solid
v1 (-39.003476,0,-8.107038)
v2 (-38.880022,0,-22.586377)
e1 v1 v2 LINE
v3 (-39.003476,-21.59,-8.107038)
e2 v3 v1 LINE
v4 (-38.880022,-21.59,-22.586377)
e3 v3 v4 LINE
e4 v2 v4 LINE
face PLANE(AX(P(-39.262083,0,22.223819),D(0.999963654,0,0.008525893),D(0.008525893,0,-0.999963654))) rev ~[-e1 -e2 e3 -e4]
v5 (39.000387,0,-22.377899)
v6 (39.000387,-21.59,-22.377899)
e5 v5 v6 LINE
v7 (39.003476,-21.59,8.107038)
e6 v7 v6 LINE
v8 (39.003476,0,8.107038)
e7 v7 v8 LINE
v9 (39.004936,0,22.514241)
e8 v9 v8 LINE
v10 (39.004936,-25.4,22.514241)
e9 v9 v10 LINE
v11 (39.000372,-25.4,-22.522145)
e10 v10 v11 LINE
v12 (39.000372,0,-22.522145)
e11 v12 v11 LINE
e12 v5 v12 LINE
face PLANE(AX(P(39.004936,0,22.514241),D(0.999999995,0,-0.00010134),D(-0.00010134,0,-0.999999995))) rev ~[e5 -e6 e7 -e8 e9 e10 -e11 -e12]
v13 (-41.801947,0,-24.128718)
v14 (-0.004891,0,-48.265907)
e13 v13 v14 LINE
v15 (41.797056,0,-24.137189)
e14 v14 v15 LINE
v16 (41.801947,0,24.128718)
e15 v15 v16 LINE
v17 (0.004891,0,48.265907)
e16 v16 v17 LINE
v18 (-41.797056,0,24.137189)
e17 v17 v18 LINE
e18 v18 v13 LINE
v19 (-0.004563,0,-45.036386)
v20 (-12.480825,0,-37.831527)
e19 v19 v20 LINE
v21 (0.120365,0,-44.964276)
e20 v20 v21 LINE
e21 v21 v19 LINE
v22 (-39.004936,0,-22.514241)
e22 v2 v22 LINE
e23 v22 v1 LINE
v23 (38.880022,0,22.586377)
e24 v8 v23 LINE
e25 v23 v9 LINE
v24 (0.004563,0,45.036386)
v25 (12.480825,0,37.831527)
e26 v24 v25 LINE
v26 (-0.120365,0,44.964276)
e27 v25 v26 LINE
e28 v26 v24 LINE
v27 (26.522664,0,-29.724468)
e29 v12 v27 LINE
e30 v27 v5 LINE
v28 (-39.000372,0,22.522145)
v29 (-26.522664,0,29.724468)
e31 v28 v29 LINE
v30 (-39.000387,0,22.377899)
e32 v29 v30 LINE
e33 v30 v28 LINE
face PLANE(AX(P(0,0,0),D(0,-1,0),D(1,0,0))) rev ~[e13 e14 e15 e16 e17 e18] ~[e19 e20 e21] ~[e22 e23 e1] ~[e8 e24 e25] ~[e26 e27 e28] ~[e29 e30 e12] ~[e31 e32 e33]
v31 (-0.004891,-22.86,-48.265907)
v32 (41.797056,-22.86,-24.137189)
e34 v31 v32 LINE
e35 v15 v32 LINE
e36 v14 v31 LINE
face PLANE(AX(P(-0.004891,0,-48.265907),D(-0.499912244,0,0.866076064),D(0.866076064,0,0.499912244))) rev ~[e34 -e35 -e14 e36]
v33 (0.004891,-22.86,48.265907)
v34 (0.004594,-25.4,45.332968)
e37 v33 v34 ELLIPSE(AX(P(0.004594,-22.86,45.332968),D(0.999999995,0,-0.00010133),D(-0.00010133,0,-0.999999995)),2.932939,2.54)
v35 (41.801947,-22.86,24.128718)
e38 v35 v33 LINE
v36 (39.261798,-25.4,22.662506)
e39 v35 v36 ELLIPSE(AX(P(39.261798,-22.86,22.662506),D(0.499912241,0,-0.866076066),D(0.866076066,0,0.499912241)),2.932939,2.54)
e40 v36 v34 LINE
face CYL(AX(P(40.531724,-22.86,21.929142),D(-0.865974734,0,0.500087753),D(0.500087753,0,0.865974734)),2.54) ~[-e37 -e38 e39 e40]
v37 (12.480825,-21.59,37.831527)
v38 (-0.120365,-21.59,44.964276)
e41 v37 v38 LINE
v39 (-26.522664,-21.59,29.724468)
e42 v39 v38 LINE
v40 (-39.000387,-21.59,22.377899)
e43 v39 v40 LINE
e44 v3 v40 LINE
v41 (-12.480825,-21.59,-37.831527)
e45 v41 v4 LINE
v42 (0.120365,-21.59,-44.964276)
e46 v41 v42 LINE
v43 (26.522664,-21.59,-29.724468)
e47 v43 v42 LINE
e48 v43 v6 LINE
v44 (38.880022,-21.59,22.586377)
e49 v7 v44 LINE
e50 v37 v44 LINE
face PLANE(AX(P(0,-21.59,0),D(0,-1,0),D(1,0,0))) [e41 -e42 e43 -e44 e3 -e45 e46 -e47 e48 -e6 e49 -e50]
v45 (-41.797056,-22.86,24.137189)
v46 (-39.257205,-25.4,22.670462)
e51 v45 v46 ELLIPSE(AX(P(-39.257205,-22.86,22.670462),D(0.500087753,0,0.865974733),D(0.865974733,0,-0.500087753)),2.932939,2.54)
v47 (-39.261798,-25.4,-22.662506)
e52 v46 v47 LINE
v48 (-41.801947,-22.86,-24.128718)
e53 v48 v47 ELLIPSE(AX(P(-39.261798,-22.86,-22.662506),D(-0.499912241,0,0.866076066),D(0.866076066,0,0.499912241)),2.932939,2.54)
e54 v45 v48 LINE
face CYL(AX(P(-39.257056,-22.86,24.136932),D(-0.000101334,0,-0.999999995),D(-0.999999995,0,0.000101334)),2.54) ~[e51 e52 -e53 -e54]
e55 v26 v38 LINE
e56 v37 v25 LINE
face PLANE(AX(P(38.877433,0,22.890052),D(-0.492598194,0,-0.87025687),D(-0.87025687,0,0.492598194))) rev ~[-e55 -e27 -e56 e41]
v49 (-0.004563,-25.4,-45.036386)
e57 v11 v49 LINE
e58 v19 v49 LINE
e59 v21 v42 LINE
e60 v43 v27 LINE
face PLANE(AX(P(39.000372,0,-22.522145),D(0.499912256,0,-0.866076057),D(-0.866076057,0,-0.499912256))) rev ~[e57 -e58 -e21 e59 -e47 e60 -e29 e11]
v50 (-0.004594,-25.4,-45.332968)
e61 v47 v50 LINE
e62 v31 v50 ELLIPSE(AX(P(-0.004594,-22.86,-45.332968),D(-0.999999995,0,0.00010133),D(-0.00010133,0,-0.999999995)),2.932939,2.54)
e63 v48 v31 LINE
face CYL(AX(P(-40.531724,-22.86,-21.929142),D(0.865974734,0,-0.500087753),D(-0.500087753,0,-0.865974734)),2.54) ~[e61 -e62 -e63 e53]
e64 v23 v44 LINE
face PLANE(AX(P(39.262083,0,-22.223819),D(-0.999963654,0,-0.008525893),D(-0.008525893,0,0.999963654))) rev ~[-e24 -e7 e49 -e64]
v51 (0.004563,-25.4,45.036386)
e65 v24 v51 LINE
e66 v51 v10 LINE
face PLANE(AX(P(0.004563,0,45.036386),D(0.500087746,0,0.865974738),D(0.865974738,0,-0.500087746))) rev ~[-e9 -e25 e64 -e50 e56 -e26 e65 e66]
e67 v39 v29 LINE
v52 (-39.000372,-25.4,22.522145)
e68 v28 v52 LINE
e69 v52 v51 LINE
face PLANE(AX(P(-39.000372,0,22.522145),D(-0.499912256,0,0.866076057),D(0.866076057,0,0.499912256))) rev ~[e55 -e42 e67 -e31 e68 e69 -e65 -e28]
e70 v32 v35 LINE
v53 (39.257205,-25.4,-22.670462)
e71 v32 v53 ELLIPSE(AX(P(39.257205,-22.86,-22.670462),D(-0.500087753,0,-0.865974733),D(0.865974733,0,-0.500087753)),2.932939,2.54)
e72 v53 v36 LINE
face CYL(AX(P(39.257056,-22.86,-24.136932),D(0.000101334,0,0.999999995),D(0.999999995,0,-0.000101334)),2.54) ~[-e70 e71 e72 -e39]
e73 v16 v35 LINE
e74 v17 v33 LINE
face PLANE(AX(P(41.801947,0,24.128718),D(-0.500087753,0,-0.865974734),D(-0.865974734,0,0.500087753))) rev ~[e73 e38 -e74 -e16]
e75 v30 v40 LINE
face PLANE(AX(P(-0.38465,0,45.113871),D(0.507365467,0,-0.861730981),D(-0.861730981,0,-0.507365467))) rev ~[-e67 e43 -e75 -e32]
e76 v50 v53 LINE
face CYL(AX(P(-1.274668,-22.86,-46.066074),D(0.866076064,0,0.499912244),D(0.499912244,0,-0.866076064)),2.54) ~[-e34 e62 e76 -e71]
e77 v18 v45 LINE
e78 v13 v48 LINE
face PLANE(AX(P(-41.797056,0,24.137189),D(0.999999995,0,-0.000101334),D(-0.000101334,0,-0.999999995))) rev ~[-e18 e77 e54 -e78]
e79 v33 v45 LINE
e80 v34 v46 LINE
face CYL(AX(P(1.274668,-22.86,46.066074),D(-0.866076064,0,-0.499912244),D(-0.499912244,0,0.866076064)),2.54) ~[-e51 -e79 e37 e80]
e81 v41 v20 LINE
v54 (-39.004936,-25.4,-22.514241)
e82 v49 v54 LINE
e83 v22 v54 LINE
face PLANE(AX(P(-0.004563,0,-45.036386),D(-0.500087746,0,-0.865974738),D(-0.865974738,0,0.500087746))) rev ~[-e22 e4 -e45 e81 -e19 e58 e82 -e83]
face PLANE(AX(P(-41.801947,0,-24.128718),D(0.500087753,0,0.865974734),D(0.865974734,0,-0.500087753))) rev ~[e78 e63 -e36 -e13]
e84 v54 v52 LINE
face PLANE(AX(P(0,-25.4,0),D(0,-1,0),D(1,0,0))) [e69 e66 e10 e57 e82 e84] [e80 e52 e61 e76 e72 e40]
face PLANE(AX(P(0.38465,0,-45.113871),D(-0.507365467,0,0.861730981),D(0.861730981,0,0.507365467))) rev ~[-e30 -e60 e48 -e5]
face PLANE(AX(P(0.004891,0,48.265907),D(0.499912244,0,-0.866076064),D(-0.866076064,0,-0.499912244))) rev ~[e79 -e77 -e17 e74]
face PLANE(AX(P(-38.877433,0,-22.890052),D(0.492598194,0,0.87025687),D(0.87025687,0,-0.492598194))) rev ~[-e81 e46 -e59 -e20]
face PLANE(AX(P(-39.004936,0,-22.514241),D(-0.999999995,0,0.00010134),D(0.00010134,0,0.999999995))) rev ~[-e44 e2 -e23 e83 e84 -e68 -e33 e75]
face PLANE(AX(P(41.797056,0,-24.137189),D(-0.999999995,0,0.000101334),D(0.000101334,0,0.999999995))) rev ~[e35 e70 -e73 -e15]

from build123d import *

# Parameters (mm, degrees)
F1_DEPTH = 25.4
F3_DEPTH = 21.59
F4_R     = 2.54


with BuildPart() as f1:
    # F0 (on Front) → F1 (new body)
    with BuildSketch(Plane.XZ):
        Polygon((0.004891, 48.265907), (-41.797056, 24.137189), (-41.801947, -24.128718), (-0.004891, -48.265907), (41.797056, -24.137189), (41.801947, 24.128718), align=None)
        Polygon((-39.000372, 22.522145), (0.004563, 45.036386), (39.004936, 22.514241), (39.000372, -22.522145), (-0.004563, -45.036386), (-39.004936, -22.514241), align=None, mode=Mode.SUBTRACT)
    extrude(amount=F1_DEPTH)

    # F2 (on Front) → F3 (join)
    with BuildSketch(Plane.XZ):
        Polygon((38.877433, 22.890052), (-0.38465, 45.113871), (-39.262083, 22.223819), (-38.877433, -22.890052), (0.38465, -45.113871), (39.262083, -22.223819), align=None)
    extrude(amount=F3_DEPTH)

    # F4
    f4_edges = [f1.edges().sort_by_distance(p)[0] for p in [
        (-20.903419, -25.4, -36.197312),
        (-41.799501, -25.4, 0.004235),
        (-20.896083, -25.4, 36.201548),
        (20.896083, -25.4, -36.201548),
        (41.799501, -25.4, -0.004235),
        (20.903419, -25.4, 36.197312),
    ]]
    fillet(f4_edges, radius=F4_R)


solid = f1.part
